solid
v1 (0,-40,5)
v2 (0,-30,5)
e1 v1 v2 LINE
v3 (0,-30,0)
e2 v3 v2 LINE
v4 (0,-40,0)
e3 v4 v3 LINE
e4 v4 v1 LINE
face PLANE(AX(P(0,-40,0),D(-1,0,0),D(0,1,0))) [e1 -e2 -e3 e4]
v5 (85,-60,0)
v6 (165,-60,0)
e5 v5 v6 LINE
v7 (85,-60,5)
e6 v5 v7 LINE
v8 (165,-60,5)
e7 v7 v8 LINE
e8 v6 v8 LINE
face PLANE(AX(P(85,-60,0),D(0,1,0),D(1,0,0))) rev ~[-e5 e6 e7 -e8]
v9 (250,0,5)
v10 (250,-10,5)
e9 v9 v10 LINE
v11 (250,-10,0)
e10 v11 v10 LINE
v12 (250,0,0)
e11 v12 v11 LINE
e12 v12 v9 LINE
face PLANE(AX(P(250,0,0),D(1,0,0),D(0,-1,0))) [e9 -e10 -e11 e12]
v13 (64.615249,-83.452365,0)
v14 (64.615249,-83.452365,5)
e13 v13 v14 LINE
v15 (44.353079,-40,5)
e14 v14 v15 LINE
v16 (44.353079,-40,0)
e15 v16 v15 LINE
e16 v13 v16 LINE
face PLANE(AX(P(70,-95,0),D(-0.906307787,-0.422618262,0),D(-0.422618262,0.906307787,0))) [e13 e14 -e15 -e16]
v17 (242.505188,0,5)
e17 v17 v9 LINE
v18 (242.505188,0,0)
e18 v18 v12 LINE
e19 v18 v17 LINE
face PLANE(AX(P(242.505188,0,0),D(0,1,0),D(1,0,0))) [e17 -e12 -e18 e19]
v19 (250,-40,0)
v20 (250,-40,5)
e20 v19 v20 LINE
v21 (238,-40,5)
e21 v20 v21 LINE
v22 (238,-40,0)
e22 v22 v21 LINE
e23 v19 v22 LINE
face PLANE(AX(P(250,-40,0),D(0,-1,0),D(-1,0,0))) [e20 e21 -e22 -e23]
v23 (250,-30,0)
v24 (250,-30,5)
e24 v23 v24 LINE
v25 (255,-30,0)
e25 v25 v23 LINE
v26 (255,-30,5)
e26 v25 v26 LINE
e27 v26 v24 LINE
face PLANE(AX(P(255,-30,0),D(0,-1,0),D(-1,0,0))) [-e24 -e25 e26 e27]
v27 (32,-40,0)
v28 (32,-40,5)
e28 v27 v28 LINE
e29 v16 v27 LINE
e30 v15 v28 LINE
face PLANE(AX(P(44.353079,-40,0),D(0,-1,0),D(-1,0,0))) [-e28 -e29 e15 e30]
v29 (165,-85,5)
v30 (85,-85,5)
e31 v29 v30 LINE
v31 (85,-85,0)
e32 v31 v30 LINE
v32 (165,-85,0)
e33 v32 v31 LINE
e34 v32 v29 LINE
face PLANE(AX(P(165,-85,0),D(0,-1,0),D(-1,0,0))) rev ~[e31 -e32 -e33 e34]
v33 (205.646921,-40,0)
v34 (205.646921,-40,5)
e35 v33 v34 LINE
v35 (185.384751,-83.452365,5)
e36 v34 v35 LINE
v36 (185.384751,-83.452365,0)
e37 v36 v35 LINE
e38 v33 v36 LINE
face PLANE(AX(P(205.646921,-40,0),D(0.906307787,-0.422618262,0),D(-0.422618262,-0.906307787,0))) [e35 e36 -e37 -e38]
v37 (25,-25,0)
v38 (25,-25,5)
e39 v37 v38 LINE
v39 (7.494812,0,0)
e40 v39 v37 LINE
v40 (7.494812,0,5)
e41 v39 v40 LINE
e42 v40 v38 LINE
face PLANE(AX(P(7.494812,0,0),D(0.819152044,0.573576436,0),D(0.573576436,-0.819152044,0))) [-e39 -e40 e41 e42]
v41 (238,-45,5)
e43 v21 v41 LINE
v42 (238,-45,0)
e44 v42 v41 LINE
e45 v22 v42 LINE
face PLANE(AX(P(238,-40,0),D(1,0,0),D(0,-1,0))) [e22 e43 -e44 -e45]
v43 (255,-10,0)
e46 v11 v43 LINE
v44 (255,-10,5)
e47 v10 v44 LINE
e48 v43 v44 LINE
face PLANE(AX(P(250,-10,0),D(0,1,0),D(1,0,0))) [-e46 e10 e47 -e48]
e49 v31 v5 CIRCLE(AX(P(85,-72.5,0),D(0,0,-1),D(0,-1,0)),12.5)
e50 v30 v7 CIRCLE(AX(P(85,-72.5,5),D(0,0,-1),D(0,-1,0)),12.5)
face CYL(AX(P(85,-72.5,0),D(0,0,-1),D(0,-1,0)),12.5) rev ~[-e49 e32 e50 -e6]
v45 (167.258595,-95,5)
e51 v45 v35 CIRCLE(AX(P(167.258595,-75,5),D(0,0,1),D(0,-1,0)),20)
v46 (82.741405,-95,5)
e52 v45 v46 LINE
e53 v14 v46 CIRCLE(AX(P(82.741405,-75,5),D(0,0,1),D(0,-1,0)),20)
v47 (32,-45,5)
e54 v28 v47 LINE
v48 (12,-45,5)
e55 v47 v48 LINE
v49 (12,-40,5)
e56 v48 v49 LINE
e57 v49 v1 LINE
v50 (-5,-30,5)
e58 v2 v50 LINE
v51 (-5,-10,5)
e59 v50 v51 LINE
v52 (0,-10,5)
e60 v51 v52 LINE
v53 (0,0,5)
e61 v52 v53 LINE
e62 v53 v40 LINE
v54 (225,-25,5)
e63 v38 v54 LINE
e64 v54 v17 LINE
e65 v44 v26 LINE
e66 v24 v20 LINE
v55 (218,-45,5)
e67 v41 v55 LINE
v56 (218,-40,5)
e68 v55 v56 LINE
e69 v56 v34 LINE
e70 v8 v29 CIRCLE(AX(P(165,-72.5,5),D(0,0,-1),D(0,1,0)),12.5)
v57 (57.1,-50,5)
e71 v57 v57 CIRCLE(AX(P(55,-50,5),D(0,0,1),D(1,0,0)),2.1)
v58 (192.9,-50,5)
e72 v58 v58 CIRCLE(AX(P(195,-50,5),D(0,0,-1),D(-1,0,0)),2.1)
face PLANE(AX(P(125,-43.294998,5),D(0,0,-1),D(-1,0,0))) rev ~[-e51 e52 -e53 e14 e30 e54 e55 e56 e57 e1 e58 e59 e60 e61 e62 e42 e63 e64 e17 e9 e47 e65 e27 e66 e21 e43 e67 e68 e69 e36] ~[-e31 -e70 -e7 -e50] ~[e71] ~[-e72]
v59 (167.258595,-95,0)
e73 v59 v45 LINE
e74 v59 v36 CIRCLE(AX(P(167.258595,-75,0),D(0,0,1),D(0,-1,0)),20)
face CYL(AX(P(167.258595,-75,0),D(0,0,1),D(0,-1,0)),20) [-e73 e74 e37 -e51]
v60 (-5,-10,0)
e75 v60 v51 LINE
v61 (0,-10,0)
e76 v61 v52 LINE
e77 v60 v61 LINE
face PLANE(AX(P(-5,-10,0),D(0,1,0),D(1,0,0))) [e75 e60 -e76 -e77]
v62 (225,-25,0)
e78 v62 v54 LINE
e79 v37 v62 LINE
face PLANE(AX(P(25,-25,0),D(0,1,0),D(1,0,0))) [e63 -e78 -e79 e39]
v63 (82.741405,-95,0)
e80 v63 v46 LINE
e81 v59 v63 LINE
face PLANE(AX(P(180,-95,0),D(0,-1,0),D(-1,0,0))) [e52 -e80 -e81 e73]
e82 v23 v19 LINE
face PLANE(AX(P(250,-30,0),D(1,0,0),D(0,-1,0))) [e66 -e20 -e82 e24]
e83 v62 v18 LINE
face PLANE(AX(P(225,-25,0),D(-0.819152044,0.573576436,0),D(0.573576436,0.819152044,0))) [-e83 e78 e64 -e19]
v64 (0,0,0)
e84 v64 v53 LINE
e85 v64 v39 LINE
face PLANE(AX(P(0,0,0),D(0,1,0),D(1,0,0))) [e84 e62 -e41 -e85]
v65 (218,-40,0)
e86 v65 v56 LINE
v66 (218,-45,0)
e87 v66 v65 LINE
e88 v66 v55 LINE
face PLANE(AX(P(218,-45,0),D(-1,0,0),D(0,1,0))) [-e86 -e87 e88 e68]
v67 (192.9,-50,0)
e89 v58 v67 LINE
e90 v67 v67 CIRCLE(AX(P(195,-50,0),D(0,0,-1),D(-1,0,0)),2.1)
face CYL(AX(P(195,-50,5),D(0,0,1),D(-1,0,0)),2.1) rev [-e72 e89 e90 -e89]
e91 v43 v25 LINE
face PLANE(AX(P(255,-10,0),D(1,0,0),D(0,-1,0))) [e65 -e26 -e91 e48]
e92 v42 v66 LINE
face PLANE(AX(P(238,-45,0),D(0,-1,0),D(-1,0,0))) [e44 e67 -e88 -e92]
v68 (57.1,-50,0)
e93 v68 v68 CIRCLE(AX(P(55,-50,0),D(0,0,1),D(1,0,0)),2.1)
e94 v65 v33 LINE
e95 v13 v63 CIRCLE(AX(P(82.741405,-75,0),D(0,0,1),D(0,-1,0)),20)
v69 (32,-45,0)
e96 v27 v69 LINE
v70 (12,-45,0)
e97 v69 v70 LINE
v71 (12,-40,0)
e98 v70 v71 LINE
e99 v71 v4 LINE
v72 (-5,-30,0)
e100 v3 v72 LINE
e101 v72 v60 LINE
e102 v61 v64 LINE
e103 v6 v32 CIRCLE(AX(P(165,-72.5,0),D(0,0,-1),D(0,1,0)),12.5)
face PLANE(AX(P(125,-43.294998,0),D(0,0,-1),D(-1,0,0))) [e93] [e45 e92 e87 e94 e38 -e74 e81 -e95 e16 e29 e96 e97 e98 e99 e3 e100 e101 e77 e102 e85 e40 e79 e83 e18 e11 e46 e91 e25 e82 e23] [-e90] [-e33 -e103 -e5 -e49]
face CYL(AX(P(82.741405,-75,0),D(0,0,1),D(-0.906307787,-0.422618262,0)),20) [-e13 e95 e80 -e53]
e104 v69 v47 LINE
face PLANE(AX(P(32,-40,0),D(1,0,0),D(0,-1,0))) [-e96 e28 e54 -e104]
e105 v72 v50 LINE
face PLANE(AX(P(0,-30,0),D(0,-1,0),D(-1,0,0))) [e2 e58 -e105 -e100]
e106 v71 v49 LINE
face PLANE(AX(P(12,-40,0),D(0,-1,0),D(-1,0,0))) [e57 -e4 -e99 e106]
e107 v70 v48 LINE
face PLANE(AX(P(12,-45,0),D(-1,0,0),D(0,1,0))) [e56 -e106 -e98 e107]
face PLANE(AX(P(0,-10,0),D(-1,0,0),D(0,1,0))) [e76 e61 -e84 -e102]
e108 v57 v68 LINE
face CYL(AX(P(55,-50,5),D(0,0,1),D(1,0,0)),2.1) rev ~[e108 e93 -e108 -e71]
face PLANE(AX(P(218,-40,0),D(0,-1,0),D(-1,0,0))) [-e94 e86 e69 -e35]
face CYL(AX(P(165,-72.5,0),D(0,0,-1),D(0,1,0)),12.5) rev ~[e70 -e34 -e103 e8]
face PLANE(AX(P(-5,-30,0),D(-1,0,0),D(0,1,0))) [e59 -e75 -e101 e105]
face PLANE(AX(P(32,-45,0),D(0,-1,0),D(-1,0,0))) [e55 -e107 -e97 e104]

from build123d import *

# Parameters (mm, degrees)
BOSS_EXTRUDE1_DEPTH = 5
FILLET1_R           = 20
SKETCH3_R           = 2.1
CUT_EXTRUDE1_DEPTH  = 5


with BuildPart() as part:
    # Sketch1 → Boss-Extrude1 (new body)
    with BuildSketch(Plane.XY):
        Polygon((0, 0), (7.494811542, 0), (24.999999999, -25), (224.999999999, -25), (242.505188456, 0), (249.999999998, 0), (249.999999998, -10), (254.999999998, -10), (254.999999998, -30), (249.999999998, -30), (249.999999998, -40), (237.999999998, -40), (237.999999998, -45), (217.999999998, -45), (217.999999998, -40), (205.646921198, -40), (179.999999999, -95), (69.999999999, -95), (44.353078801, -40), (32, -40), (32, -45), (12, -45), (12, -40), (0, -40), (0, -30), (-5, -30), (-5, -10), (0, -10), align=None)
        with BuildLine():
            Line((84.999999999, -60), (164.999999999, -60))
            ThreePointArc((164.999999999, -60), (177.499999999, -72.5), (164.999999999, -85))
            Line((164.999999999, -85), (84.999999999, -85))
            ThreePointArc((84.999999999, -85), (72.499999999, -72.5), (84.999999999, -60))
        make_face(mode=Mode.SUBTRACT)
    extrude(amount=BOSS_EXTRUDE1_DEPTH)

    # Fillet1
    fillet1_edges = [part.edges().sort_by_distance(p)[0] for p in [
        (179.999999999, -95, 2.5),
        (69.999999999, -95, 2.5),
    ]]
    fillet(fillet1_edges, radius=FILLET1_R)

    # Sketch3 → Cut-Extrude1 (cut)
    with BuildSketch(Plane.XY.offset(5)):
        with Locations((55, -50)):
            Circle(SKETCH3_R)
    cut_extrude1 = extrude(amount=-CUT_EXTRUDE1_DEPTH, mode=Mode.SUBTRACT)

    # Mirror1: Cut-Extrude1 across plane
    add(cut_extrude1.mirror(Plane.ZY.offset(-124.999999999)), mode=Mode.SUBTRACT)


solid = part.part
